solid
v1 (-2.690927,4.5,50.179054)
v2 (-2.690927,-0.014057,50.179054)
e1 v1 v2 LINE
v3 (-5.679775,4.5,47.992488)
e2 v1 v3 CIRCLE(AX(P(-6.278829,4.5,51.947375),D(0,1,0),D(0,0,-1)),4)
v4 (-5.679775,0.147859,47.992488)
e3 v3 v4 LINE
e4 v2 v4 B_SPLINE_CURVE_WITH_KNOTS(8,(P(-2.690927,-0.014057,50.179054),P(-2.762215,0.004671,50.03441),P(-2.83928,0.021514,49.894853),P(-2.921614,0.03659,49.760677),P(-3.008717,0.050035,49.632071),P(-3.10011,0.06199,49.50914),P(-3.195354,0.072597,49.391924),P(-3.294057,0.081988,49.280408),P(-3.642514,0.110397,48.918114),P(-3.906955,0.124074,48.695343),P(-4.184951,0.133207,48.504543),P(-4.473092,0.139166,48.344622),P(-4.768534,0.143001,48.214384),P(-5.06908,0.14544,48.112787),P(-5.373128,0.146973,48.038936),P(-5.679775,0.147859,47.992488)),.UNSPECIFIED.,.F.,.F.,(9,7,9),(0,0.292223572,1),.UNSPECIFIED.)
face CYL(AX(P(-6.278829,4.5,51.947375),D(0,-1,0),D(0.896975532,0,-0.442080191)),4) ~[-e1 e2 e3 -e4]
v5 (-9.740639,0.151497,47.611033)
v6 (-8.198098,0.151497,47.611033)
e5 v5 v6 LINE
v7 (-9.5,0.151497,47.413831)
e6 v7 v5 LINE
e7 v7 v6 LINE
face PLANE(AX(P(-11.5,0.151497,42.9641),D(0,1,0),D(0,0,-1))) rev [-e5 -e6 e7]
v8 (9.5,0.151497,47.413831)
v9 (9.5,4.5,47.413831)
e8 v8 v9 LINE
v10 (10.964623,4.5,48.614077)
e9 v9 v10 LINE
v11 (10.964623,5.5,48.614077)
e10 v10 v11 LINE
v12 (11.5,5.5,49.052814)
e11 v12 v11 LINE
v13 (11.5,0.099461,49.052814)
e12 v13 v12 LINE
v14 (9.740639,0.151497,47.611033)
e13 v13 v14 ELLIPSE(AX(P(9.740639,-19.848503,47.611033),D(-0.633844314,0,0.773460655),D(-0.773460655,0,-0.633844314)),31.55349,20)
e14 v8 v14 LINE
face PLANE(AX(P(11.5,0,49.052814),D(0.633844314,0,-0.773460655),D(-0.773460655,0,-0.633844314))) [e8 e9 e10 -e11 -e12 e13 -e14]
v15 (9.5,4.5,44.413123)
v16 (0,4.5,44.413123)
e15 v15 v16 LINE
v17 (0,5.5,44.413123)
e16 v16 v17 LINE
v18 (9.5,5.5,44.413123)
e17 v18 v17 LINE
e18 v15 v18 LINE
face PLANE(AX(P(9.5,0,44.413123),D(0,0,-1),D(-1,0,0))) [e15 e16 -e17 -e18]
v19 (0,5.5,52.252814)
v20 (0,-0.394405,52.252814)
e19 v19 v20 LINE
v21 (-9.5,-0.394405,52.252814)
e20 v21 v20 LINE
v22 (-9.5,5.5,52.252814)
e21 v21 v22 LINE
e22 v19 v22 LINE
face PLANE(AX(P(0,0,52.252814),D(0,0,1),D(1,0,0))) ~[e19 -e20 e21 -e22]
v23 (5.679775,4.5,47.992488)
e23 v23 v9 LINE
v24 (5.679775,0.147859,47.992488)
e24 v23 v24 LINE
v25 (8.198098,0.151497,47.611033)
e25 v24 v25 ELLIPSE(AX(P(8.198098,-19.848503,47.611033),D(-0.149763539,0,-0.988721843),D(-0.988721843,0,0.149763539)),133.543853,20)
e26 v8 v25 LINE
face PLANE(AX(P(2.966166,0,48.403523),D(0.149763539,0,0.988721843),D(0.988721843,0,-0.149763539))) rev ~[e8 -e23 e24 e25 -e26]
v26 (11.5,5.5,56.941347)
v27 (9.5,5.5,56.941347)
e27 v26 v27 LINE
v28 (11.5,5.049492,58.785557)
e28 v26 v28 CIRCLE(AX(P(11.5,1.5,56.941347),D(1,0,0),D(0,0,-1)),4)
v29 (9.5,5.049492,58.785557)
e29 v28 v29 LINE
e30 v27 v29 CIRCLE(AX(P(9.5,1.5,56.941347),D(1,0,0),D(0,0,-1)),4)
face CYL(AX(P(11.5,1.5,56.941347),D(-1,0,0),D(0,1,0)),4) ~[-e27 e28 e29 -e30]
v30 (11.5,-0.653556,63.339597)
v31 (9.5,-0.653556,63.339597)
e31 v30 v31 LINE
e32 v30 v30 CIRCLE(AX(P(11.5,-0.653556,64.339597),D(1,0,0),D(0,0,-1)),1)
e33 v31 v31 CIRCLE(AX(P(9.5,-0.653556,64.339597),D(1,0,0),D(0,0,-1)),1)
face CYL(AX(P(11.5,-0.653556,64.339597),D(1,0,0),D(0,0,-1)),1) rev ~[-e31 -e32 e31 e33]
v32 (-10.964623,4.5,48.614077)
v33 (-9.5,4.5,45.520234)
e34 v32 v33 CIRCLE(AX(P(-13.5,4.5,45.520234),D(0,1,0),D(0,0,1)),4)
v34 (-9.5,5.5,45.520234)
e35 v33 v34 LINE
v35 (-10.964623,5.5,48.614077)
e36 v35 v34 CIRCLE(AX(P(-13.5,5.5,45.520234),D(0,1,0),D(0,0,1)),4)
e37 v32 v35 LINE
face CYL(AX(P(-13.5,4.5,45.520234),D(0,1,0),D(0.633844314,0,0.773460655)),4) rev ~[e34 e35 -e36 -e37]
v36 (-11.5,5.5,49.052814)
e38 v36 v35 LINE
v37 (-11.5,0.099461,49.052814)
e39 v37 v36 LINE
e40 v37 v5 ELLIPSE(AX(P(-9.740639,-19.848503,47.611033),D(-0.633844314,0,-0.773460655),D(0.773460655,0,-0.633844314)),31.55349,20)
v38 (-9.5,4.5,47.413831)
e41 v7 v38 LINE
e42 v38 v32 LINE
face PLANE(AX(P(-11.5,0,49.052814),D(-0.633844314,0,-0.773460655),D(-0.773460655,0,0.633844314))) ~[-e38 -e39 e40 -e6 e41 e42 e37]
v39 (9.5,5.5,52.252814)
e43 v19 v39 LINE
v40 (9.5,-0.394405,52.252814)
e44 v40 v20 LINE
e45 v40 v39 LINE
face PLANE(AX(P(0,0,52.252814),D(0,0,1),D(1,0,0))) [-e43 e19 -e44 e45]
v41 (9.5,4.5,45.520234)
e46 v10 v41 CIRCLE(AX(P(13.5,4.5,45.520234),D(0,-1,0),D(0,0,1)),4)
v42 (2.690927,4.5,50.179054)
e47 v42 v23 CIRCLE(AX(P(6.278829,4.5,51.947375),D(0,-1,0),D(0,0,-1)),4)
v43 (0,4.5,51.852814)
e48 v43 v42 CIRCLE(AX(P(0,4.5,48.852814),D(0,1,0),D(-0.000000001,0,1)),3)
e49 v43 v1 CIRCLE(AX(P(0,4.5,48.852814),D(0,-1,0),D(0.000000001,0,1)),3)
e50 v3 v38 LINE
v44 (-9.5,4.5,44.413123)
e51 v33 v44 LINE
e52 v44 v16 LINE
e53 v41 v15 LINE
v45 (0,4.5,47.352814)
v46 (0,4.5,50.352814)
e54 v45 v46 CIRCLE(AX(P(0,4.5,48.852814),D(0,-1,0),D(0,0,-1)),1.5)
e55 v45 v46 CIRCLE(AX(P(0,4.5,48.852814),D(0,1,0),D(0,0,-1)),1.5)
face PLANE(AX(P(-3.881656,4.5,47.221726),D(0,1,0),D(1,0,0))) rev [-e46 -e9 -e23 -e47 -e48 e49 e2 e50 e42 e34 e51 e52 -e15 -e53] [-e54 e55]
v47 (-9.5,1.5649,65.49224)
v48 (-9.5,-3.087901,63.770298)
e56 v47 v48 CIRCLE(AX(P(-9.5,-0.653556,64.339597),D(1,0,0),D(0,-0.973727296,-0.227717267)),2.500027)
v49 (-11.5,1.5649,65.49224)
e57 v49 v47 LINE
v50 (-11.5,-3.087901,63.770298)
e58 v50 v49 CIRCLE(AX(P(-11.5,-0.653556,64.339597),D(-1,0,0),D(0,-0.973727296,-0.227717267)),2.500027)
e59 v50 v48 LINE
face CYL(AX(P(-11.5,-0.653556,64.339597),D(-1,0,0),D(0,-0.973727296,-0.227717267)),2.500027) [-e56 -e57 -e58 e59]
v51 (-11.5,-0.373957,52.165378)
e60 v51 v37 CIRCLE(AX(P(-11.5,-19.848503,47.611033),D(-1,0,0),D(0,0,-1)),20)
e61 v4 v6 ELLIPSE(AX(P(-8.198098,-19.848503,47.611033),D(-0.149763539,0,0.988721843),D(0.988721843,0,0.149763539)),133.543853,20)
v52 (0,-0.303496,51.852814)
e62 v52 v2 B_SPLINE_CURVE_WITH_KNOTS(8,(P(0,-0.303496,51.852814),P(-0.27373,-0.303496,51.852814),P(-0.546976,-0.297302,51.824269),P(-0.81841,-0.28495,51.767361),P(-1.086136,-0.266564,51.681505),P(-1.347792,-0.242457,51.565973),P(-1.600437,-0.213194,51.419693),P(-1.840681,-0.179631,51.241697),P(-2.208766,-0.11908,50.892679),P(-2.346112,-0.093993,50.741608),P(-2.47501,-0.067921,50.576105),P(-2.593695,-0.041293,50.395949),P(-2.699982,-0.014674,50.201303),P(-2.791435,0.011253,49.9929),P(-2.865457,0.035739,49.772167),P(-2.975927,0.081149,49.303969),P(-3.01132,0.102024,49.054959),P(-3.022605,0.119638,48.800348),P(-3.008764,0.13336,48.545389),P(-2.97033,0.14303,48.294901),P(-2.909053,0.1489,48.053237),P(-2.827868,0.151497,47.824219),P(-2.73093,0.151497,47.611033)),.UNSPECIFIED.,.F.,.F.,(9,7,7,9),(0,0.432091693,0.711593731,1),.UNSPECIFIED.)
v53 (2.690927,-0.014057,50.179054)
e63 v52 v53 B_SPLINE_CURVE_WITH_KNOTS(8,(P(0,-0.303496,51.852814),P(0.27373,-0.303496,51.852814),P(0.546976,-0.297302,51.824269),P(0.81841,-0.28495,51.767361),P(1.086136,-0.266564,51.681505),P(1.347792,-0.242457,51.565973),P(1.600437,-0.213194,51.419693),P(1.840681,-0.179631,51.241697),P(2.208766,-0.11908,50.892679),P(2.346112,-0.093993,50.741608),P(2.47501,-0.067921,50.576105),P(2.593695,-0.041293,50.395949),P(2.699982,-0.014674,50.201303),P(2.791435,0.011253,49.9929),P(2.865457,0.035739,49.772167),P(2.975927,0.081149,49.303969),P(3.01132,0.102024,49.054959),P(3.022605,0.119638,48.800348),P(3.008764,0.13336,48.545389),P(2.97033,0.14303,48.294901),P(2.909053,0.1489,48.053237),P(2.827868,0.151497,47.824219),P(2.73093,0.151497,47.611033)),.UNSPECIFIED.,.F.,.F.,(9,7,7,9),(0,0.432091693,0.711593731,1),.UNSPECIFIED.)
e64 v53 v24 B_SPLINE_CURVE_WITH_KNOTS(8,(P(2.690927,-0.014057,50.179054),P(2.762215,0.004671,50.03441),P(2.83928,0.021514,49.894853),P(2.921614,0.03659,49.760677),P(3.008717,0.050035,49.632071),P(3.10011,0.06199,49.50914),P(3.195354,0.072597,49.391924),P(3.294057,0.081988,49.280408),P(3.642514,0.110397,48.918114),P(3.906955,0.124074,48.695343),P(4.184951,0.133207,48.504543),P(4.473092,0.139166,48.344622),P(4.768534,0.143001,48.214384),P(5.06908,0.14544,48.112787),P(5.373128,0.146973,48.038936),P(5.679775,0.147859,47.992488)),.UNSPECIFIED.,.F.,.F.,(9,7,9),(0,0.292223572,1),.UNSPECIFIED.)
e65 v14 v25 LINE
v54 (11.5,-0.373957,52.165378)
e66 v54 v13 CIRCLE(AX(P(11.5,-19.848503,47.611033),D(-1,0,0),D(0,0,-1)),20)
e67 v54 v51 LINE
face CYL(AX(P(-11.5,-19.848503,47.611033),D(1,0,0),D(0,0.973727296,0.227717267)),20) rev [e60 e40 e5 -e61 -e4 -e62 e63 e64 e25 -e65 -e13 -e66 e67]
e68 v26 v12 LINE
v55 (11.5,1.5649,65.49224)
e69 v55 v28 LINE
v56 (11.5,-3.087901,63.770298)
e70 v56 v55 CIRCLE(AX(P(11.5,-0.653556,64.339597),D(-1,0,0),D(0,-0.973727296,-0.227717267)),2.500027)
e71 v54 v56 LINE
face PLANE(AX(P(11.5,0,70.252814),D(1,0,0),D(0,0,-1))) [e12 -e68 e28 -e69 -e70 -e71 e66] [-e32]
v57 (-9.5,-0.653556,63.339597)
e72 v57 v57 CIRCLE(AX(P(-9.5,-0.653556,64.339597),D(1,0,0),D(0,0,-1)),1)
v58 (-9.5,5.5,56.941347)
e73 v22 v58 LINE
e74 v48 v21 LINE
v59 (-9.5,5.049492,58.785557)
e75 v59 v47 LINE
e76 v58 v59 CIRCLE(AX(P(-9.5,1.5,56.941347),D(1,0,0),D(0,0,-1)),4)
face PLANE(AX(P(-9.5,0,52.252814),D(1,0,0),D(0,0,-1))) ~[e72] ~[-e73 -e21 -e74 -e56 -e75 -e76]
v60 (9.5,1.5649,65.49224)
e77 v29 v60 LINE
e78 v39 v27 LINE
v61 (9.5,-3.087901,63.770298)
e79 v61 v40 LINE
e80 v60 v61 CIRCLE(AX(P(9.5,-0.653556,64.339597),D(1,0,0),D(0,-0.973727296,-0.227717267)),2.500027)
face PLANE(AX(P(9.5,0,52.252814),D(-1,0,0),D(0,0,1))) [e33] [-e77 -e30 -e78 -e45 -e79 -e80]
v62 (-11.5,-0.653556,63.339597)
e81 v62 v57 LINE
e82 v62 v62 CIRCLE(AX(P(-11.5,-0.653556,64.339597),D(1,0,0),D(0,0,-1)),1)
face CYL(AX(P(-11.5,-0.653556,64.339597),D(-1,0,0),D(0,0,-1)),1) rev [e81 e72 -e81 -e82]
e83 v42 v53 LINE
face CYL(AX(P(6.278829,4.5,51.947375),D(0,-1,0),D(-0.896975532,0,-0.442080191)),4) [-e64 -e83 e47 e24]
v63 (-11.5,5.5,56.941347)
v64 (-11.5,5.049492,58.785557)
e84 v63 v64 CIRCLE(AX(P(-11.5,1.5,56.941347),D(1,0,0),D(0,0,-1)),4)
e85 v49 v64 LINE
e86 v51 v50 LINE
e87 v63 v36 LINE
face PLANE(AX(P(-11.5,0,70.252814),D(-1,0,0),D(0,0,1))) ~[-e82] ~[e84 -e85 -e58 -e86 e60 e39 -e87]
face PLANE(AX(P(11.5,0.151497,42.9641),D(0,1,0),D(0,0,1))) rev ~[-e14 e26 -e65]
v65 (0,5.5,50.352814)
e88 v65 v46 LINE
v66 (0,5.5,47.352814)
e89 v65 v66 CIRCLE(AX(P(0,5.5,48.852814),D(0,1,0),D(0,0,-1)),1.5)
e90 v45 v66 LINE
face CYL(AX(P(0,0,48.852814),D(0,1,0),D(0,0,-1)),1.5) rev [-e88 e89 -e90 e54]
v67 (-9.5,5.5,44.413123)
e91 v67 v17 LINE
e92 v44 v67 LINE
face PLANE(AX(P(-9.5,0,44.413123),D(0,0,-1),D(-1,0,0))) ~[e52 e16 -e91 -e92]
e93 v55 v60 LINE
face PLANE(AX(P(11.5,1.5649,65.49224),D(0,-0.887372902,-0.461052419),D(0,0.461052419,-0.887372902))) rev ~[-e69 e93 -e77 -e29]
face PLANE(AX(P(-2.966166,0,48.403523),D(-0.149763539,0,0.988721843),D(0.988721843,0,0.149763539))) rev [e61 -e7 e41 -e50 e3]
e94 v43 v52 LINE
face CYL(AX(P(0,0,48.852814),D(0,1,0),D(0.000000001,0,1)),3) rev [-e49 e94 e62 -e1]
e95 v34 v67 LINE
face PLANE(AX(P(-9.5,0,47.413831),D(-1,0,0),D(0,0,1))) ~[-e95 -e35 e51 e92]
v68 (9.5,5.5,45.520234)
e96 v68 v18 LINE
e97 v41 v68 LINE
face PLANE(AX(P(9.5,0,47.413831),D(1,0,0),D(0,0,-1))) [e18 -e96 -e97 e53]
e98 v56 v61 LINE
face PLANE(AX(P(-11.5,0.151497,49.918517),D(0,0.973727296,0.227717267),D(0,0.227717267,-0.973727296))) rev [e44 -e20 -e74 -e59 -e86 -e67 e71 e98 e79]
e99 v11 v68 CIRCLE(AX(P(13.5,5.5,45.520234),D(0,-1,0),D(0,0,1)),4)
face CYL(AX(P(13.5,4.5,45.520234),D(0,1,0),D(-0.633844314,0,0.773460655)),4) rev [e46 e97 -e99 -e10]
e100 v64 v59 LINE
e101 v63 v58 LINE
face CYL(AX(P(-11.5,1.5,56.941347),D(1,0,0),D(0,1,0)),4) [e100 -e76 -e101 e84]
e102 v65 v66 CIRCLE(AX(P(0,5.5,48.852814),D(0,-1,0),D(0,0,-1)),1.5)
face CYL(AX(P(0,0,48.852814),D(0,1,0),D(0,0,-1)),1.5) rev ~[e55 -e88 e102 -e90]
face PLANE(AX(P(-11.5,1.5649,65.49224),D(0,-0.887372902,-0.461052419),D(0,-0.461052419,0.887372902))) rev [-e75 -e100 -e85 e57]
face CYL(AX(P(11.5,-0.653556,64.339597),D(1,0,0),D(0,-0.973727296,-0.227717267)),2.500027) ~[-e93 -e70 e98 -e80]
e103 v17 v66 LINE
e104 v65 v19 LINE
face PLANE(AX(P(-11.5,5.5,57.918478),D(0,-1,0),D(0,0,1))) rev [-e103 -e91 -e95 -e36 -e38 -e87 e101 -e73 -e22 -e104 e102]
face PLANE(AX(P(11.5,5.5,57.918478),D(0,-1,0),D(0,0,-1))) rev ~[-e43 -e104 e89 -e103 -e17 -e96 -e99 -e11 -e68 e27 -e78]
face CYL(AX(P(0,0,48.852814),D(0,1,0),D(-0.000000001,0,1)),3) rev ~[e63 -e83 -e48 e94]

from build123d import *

# Parameters (mm, degrees)
EXTRUDE_1_DEPTH          = 20
EXTRUDE_1_DEPTH_BACK     = 5
EXTRUDE_2_DEPTH          = 5.5
SKETCH_1_5_R             = 1.5
CUT_EXTRUDE_1_DEPTH      = 4.5
CUT_EXTRUDE_1_DEPTH_BACK = 2
SKETCH_3_R               = 1
CUT_EXTRUDE_2_DEPTH      = 100
FILLET_3_R               = 20
FILLET_8_R               = 4


with BuildPart() as part:
    # 草图1 → 凸台-拉伸1 (new body, two sides)
    with BuildSketch(Plane(origin=(0, 0, 0), x_dir=(1, 0, 0), z_dir=(0, 1, 0))) as extrude_1_sk:
        with BuildLine():
            Line((0, -51.852813742), (0, -52.252813742))
            Line((0, -52.252813742), (9.5, -52.252813742))
            Line((9.5, -52.252813742), (9.5, -70.252813742))
            Line((9.5, -70.252813742), (11.5, -70.252813742))
            Line((11.5, -70.252813742), (11.5, -49.052813742))
            Line((11.5, -49.052813742), (9.5, -47.413831048))
            Line((9.5, -47.413831048), (9.5, -44.41312259))
            Line((9.5, -44.41312259), (0, -44.41312259))
            Line((0, -44.41312259), (0, -47.352813742))
            ThreePointArc((0, -47.352813742), (1.5, -48.852813742), (0, -50.352813742))
            Line((0, -50.352813742), (0, -51.852813742))
        make_face()
    extrude(amount=EXTRUDE_1_DEPTH)
    extrude(extrude_1_sk.sketch, amount=-EXTRUDE_1_DEPTH_BACK)

    # 草图1<7> → 凸台-拉伸2 (add)
    with BuildSketch(Plane(origin=(0, 0, 0), x_dir=(1, 0, 0), z_dir=(0, 1, 0))):
        with BuildLine():
            Line((0, -50.352813742), (0, -51.852813742))
            ThreePointArc((0, -51.852813742), (2.274628745, -50.808846481), (2.966165528, -48.403523125))
            Line((2.966165528, -48.403523125), (9.5, -47.413831048))
            Line((9.5, -47.413831048), (9.5, -44.41312259))
            Line((9.5, -44.41312259), (0, -44.41312259))
            Line((0, -44.41312259), (0, -47.352813742))
            ThreePointArc((0, -47.352813742), (1.5, -48.852813742), (0, -50.352813742))
        make_face()
    extrude(amount=EXTRUDE_2_DEPTH)

    # 草图1<5> → 切除-拉伸1 (cut, two sides)
    with BuildSketch(Plane(origin=(0, 0, 0), x_dir=(1, 0, 0), z_dir=(0, 1, 0))) as cut_extrude_1_sk:
        with BuildLine():
            Line((0, -50.352813742), (0, -51.852813742))
            ThreePointArc((0, -51.852813742), (2.274628745, -50.808846481), (2.966165528, -48.403523125))
            Line((2.966165528, -48.403523125), (9.5, -47.413831048))
            Line((9.5, -47.413831048), (9.5, -44.41312259))
            Line((9.5, -44.41312259), (0, -44.41312259))
            Line((0, -44.41312259), (0, -47.352813742))
            ThreePointArc((0, -47.352813742), (1.5, -48.852813742), (0, -50.352813742))
        make_face()
        with BuildLine():
            Line((0, -26.352813742), (0, -29.352813742))
            Line((0, -29.352813742), (10, -29.352813742))
            ThreePointArc((10, -29.352813742), (12.121320344, -24.231493399), (7, -26.352813742))
            Line((7, -26.352813742), (0, -26.352813742))
        make_face()
        with Locations((10, -26.352813742)):
            Circle(SKETCH_1_5_R, mode=Mode.SUBTRACT)
    extrude(amount=CUT_EXTRUDE_1_DEPTH, mode=Mode.SUBTRACT)
    extrude(cut_extrude_1_sk.sketch, amount=-CUT_EXTRUDE_1_DEPTH_BACK, mode=Mode.SUBTRACT)

    # 草图3 → 切除-拉伸2 (cut)
    with BuildSketch(Plane(origin=(11.5, 0, 0), x_dir=(0, 0, -1), z_dir=(1, 0, 0))):
        with BuildLine():
            Line((-57.918477605, 5.5), (-42.203980761, 5.5))
            Line((-42.203980761, 5.5), (-40.897963641, 24.166318072))
            Line((-40.897963641, 24.166318072), (-83.266559668, 28.095474909))
            Line((-83.266559668, 28.095474909), (-85.239587029, -9.794237843))
            Line((-85.239587029, -9.794237843), (-43.684715074, -5.18920723))
            Line((-43.684715074, -5.18920723), (-42.964099773, 0.151496704))
            Line((-42.964099773, 0.151496704), (-49.918517235, 0.151496704))
            Line((-49.918517235, 0.151496704), (-63.77029754, -3.087900575))
            ThreePointArc((-63.77029754, -3.087900575), (-66.684209706, -1.521268022), (-65.492240114, 1.56489953))
            Line((-65.492240114, 1.56489953), (-57.918477605, 5.5))
        make_face()
        with Locations((-64.339596777, -0.653556379)):
            Circle(SKETCH_3_R)
    extrude(amount=-CUT_EXTRUDE_2_DEPTH, mode=Mode.SUBTRACT)

    # 圆角3
    fillet_3_edges = [part.edges().sort_by_distance(p)[0] for p in [
        (7.152165831, 0.151496704, 49.918517235),
    ]]
    fillet(fillet_3_edges, radius=FILLET_3_R)

    # 圆角8
    fillet_8_edges = [part.edges().sort_by_distance(p)[0] for p in [
        (2.966165528, 2.317894753, 48.403523125),
        (9.5, 5, 47.413831048),
        (10.5, 5.5, 57.918477605),
    ]]
    fillet(fillet_8_edges, radius=FILLET_8_R)

    # 镜向1: part across plane


with BuildPart() as part_1:
    add(part.part)
    add(part.part.mirror(Plane(origin=(0, -5, 0), x_dir=(0, 0, 1), z_dir=(1, 0, 0))))


solid = part_1.part
